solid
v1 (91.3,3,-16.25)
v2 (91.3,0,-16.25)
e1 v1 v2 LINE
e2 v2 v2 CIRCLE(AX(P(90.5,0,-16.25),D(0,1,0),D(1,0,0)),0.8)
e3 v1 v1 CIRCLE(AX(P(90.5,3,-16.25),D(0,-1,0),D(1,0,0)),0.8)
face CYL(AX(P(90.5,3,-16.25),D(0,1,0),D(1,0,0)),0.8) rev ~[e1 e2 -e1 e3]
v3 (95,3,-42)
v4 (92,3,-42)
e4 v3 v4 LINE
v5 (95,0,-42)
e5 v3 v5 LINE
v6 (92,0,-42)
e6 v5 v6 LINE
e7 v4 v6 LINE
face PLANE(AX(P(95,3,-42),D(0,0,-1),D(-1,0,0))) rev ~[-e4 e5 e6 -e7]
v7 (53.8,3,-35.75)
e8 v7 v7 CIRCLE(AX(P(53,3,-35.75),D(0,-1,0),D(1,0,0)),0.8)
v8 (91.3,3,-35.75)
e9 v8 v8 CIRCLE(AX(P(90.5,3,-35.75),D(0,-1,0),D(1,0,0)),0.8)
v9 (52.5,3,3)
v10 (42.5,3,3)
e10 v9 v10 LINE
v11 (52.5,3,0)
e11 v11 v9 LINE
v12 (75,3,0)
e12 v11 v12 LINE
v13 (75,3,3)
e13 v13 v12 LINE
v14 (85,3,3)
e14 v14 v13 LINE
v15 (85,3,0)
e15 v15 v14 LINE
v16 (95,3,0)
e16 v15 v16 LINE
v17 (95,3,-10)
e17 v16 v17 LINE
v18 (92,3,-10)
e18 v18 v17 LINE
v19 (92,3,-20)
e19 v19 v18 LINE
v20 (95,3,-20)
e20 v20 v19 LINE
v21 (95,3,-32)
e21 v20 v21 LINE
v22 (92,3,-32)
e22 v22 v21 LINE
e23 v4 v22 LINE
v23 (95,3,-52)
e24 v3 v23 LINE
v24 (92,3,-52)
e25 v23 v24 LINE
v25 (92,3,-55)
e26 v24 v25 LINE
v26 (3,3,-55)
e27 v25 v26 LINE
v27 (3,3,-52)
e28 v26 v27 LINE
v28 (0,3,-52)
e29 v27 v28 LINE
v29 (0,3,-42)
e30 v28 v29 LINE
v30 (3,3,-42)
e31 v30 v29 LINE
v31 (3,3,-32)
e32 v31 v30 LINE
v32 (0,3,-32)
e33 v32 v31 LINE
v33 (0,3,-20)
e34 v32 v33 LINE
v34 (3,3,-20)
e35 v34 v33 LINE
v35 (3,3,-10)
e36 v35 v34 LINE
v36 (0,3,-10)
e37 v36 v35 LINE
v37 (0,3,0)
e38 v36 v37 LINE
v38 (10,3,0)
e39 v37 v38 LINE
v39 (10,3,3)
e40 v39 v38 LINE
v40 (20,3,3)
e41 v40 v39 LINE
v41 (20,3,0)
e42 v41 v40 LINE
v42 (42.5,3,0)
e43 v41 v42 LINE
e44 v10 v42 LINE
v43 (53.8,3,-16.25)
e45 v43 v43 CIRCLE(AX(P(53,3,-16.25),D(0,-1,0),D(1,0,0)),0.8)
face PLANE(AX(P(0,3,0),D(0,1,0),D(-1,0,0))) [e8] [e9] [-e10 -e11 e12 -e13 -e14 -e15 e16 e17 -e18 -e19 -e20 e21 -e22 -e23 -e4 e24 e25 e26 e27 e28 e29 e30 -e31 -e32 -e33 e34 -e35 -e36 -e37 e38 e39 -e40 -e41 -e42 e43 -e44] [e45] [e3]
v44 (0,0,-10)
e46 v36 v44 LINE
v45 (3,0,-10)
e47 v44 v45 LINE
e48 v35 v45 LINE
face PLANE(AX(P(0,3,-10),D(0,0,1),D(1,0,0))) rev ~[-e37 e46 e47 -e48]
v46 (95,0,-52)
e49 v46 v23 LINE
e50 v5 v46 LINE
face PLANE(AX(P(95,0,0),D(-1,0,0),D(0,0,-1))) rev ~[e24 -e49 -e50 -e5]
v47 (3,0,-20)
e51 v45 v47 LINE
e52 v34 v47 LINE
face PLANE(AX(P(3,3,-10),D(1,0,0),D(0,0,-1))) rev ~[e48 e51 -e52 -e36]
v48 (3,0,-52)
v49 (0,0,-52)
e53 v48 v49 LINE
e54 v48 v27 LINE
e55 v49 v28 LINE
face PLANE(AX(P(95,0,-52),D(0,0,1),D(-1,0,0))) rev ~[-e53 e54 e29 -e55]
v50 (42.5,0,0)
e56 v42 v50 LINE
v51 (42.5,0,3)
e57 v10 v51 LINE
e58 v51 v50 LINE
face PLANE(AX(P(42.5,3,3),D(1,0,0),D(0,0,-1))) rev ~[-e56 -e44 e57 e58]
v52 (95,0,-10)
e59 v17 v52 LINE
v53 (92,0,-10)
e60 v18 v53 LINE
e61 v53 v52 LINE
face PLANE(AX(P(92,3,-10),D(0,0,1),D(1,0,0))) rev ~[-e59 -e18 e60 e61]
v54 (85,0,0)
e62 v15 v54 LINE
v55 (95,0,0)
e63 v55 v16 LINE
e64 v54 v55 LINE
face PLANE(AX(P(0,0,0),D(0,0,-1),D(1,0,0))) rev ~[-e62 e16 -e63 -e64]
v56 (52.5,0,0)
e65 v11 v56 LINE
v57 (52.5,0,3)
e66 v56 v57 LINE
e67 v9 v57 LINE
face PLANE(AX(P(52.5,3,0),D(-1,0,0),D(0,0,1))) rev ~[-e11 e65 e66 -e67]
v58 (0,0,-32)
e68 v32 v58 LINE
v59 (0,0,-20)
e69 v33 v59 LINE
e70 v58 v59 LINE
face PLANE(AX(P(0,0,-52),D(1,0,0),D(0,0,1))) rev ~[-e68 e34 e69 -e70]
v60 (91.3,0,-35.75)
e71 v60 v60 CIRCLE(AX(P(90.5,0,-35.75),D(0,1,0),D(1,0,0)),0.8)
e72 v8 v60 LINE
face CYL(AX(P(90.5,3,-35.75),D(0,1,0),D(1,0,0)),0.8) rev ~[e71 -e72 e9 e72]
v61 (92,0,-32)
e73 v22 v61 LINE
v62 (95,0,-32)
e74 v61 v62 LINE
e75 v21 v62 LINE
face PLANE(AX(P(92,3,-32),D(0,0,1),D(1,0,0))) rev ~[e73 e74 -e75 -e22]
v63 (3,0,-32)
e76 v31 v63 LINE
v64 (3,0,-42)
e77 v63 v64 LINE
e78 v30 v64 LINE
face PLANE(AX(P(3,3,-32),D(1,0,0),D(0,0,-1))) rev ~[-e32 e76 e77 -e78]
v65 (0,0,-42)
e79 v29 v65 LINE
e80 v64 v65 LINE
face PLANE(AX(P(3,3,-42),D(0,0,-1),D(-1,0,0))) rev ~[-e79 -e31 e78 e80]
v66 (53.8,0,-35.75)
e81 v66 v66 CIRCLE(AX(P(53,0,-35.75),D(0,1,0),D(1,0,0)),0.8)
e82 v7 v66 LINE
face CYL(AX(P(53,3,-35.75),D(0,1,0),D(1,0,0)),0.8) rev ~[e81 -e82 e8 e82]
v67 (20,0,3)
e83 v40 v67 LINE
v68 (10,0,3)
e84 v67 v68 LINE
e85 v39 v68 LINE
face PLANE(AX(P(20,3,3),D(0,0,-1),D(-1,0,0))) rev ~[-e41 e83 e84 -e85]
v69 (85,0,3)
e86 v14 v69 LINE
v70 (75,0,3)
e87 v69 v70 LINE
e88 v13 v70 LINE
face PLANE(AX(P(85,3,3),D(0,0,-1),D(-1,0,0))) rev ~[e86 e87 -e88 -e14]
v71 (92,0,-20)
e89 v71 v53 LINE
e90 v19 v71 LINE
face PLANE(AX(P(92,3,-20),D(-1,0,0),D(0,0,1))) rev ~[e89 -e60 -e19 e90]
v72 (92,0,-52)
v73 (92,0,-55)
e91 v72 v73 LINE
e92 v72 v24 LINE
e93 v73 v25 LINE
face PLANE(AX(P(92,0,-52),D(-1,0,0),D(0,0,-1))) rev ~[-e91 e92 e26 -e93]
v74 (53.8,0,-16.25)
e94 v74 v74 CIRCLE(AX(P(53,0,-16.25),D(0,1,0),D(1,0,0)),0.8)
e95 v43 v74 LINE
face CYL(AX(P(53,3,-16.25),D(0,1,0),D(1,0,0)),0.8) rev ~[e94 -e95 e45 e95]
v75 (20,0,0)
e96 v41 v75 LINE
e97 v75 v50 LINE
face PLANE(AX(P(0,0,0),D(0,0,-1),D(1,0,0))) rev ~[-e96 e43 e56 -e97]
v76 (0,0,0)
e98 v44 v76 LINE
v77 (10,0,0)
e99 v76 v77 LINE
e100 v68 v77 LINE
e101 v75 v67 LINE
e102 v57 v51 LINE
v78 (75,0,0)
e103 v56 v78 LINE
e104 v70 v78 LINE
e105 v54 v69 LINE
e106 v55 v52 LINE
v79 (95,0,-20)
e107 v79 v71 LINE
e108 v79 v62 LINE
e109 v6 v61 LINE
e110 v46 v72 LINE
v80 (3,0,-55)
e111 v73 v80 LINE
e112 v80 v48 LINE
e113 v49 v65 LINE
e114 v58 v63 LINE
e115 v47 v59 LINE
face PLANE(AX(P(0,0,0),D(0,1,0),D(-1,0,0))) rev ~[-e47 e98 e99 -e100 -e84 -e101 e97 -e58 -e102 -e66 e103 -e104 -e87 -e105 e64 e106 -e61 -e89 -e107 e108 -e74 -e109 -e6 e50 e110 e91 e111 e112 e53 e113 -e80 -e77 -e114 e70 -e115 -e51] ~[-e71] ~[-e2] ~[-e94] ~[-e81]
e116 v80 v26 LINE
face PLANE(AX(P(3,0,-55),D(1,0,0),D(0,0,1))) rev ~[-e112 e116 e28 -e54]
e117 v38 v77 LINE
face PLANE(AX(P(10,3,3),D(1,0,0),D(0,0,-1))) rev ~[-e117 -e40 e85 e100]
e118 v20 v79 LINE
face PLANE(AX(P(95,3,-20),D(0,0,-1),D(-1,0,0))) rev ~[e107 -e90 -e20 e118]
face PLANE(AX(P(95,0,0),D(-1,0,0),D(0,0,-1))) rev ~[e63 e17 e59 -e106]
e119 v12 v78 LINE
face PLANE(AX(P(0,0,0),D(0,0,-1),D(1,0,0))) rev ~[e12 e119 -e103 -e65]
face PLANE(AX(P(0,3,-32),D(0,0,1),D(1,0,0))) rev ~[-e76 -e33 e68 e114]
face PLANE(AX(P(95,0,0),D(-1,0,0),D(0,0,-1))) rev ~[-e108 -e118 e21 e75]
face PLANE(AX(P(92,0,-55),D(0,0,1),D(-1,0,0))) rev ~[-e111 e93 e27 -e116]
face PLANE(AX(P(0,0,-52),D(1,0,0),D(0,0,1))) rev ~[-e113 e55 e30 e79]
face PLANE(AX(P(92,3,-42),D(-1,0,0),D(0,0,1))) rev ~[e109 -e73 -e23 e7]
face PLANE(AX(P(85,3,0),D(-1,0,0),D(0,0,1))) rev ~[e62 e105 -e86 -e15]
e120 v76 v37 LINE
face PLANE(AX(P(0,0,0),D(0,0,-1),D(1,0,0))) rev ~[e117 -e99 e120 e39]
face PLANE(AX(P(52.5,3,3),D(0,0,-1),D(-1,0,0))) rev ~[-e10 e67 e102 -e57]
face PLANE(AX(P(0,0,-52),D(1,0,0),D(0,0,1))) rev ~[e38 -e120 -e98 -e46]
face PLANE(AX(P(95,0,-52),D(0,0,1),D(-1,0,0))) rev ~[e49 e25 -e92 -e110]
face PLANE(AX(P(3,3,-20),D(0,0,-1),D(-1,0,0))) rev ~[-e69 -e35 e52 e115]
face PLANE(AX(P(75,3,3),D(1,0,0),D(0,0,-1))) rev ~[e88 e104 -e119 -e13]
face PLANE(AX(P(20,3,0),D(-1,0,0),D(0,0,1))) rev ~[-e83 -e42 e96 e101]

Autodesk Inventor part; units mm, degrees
ref_plane "YZ Plane" through (0, 0, 0) normal (1, 0, 0) x (0, 1, 0)
ref_plane "XZ Plane" through (0, 0, 0) normal (0, 1, 0) x (-1, 0, 0)
ref_plane "XY Plane" through (0, 0, 0) normal (0, 0, 1) x (1, 0, 0)
sketch "Parede_lateral_1" plane through (0, 0, 0) normal (0, 1, 0) x (-1, 0, 0)
  line L0 (0, 0) -> (-95, 0)
  line L1 (-95, 0) -> (-95, -52)
  line L2 (-95, -52) -> (0, -52)
  line L3 (0, -52) -> (0, 0)
  dimension "d0" = 95
  dimension "d1" = 52
extrude "Extrusão1" add sketch "Parede_lateral_1" along normal blind 3
sketch "Esboço4" plane through (0, 3, 0) normal (0, 1, 0) x (1, 0, 0)
  line L0 (0, 52) -> (0, 0) projected
  line L1 (0, 42) -> (3, 42)
  line L2 (3, 42) -> (3, 32)
  line L3 (3, 32) -> (0, 32)
  line L4 (0, 32) -> (0, 42)
  line L5 (0, 20) -> (3, 20)
  line L6 (3, 20) -> (3, 10)
  line L7 (3, 10) -> (0, 10)
  line L8 (0, 10) -> (0, 20)
  line L9 (95, 0) -> (95, 52) projected
  line L10 (0, 0) -> (95, 0) projected
  line L11 (95, 42) -> (92, 42)
  line L12 (92, 42) -> (92, 32)
  line L13 (92, 32) -> (95, 32)
  line L14 (95, 32) -> (95, 42)
  line L15 (95, 20) -> (92, 20)
  line L16 (92, 20) -> (92, 10)
  line L17 (92, 10) -> (95, 10)
  line L18 (95, 10) -> (95, 20)
  line L19 (10, 0) -> (20, 0)
  line L20 (20, 0) -> (20, -3)
  line L21 (20, -3) -> (10, -3)
  line L22 (10, -3) -> (10, 0)
  line L23 (42.5, 0) -> (52.5, 0)
  line L24 (52.5, 0) -> (52.5, -3)
  line L25 (52.5, -3) -> (42.5, -3)
  line L26 (42.5, -3) -> (42.5, 0)
  line L27 (75, 0) -> (85, 0)
  line L28 (85, 0) -> (85, -3)
  line L29 (85, -3) -> (75, -3)
  line L30 (75, -3) -> (75, 0)
  point P0 (1.5, 42)
  point P1 (1.5, 10)
  dimension "d37" = 3
  dimension "d38" = 10
  dimension "d39" = 3
  dimension "d40" = 10
  dimension "d46" = 10
  dimension "d47" = 3
  dimension "d49" = 3
extrude "Extrusão4" add sketch "Esboço4" against normal blind 3 contours L10 L28 L29 L30 | L10 L24 L25 L26 | L10 L20 L21 L22
sketch "Esboço5" plane through (0, 3, 0) normal (0, 1, 0) x (1, 0, 0)
  line L0 (0, 52) -> (0, 0) projected
  line L1 (0, 10) -> (3, 10)
  line L2 (3, 10) -> (3, 20)
  line L3 (3, 20) -> (0, 20)
  line L4 (0, 20) -> (0, 10)
  line L5 (0, 32) -> (3, 32)
  line L6 (3, 32) -> (3, 42)
  line L7 (3, 42) -> (0, 42)
  line L8 (0, 42) -> (0, 32)
  line L9 (95, 52) -> (0, 52) projected
  line L10 (0, 0) -> (10, 0) projected
  line L11 (95, 0) -> (95, 52) projected
  line L12 (95, 42) -> (92, 42)
  line L13 (92, 42) -> (92, 32)
  line L14 (92, 32) -> (95, 32)
  line L15 (95, 32) -> (95, 42)
  line L16 (95, 20) -> (92, 20)
  line L17 (92, 20) -> (92, 10)
  line L18 (92, 10) -> (95, 10)
  line L19 (95, 10) -> (95, 20)
  point P0 (10, 52)
  point P1 (1.5, 42)
  point P2 (1.5, 10)
  dimension "d52" = 3
  dimension "d53" = 10
  dimension "d54" = 3
  dimension "d55" = 10
  dimension "d56" = 10
  dimension "d57" = 10
  dimension "d58" = 3
extrude "Extrusão5" cut sketch "Esboço5" against normal blind 3
sketch "Esboço17" plane through (0, 3, 0) normal (0, 1, 0) x (1, 0, 0)
  line L0 (53, 35.75) -> (90.5, 35.75)
  line L1 (90.5, 35.75) -> (90.5, 16.25)
  line L2 (90.5, 16.25) -> (53, 16.25)
  line L3 (53, 16.25) -> (53, 35.75)
  line L4 (95, 53) -> (0, 53) projected
  line L5 (92, 32) -> (92, 42) projected
  circle A0 centre (90.5, 35.75) radius 0.8
  circle A1 centre (90.5, 16.25) radius 0.8
  circle A2 centre (53, 16.25) radius 0.8
  circle A3 centre (53, 35.75) radius 0.8
  line L6 (85, 0) -> (95, 0) projected
  line L7 (95, 32) -> (92, 32) projected
  line L8 (92, 20) -> (95, 20) projected
  line L9 (52.5, 0) -> (75, 0) projected
  line L10 (95, 52) -> (0, 52) projected
  point P0 (0, 0)
  point P1 (90.5, 26)
  point P2 (93.5, 32)
  point P3 (93.5, 20)
  dimension "d130" = 37.5
  dimension "d131" = 19.5
  dimension "d133" = 1.5
  dimension "d134" = 1.6
  dimension "d135" = 1.6
  dimension "d136" = 1.6
  dimension "d137" = 1.6
  dimension "d143" = 3.75
  dimension "d144" = 3.75
  dimension "d146" = 16.25
extrude "Extrusão14" cut sketch "Esboço17" against normal blind 3 contours L3 A3 L0 | L0 A3 L3 | A0 L1 L0 | L0 L1 A0 | A2 L2 L3 | L3 L2 A2 | A1 L2 L1 | L1 L2 A1
sketch "Esboço18" plane through (0, 0, 0) normal (0, -1, 0) x (1, 0, 0)
  line L0 (0, -42) -> (3, -42) projected
  line L1 (92, -42) -> (92, -32) projected
  line L2 (92, -42) -> (92, -52)
  line L3 (3, -42) -> (3, -52)
  line L4 (95, -52) -> (0, -52) projected
  line L5 (3, -52) -> (92, -52)
  line L6 (92, -52) -> (92, -55)
  line L7 (92, -55) -> (3, -55)
  line L8 (3, -55) -> (3, -52)
  point P0 (0, 0)
  dimension "d150" = 3
extrude "Extrusão15" add sketch "Esboço18" against normal blind 3
equation "\"d146\" = -0.5 * d131 + 0.5 * d1"
properties part number "Parede_lateral_3"
